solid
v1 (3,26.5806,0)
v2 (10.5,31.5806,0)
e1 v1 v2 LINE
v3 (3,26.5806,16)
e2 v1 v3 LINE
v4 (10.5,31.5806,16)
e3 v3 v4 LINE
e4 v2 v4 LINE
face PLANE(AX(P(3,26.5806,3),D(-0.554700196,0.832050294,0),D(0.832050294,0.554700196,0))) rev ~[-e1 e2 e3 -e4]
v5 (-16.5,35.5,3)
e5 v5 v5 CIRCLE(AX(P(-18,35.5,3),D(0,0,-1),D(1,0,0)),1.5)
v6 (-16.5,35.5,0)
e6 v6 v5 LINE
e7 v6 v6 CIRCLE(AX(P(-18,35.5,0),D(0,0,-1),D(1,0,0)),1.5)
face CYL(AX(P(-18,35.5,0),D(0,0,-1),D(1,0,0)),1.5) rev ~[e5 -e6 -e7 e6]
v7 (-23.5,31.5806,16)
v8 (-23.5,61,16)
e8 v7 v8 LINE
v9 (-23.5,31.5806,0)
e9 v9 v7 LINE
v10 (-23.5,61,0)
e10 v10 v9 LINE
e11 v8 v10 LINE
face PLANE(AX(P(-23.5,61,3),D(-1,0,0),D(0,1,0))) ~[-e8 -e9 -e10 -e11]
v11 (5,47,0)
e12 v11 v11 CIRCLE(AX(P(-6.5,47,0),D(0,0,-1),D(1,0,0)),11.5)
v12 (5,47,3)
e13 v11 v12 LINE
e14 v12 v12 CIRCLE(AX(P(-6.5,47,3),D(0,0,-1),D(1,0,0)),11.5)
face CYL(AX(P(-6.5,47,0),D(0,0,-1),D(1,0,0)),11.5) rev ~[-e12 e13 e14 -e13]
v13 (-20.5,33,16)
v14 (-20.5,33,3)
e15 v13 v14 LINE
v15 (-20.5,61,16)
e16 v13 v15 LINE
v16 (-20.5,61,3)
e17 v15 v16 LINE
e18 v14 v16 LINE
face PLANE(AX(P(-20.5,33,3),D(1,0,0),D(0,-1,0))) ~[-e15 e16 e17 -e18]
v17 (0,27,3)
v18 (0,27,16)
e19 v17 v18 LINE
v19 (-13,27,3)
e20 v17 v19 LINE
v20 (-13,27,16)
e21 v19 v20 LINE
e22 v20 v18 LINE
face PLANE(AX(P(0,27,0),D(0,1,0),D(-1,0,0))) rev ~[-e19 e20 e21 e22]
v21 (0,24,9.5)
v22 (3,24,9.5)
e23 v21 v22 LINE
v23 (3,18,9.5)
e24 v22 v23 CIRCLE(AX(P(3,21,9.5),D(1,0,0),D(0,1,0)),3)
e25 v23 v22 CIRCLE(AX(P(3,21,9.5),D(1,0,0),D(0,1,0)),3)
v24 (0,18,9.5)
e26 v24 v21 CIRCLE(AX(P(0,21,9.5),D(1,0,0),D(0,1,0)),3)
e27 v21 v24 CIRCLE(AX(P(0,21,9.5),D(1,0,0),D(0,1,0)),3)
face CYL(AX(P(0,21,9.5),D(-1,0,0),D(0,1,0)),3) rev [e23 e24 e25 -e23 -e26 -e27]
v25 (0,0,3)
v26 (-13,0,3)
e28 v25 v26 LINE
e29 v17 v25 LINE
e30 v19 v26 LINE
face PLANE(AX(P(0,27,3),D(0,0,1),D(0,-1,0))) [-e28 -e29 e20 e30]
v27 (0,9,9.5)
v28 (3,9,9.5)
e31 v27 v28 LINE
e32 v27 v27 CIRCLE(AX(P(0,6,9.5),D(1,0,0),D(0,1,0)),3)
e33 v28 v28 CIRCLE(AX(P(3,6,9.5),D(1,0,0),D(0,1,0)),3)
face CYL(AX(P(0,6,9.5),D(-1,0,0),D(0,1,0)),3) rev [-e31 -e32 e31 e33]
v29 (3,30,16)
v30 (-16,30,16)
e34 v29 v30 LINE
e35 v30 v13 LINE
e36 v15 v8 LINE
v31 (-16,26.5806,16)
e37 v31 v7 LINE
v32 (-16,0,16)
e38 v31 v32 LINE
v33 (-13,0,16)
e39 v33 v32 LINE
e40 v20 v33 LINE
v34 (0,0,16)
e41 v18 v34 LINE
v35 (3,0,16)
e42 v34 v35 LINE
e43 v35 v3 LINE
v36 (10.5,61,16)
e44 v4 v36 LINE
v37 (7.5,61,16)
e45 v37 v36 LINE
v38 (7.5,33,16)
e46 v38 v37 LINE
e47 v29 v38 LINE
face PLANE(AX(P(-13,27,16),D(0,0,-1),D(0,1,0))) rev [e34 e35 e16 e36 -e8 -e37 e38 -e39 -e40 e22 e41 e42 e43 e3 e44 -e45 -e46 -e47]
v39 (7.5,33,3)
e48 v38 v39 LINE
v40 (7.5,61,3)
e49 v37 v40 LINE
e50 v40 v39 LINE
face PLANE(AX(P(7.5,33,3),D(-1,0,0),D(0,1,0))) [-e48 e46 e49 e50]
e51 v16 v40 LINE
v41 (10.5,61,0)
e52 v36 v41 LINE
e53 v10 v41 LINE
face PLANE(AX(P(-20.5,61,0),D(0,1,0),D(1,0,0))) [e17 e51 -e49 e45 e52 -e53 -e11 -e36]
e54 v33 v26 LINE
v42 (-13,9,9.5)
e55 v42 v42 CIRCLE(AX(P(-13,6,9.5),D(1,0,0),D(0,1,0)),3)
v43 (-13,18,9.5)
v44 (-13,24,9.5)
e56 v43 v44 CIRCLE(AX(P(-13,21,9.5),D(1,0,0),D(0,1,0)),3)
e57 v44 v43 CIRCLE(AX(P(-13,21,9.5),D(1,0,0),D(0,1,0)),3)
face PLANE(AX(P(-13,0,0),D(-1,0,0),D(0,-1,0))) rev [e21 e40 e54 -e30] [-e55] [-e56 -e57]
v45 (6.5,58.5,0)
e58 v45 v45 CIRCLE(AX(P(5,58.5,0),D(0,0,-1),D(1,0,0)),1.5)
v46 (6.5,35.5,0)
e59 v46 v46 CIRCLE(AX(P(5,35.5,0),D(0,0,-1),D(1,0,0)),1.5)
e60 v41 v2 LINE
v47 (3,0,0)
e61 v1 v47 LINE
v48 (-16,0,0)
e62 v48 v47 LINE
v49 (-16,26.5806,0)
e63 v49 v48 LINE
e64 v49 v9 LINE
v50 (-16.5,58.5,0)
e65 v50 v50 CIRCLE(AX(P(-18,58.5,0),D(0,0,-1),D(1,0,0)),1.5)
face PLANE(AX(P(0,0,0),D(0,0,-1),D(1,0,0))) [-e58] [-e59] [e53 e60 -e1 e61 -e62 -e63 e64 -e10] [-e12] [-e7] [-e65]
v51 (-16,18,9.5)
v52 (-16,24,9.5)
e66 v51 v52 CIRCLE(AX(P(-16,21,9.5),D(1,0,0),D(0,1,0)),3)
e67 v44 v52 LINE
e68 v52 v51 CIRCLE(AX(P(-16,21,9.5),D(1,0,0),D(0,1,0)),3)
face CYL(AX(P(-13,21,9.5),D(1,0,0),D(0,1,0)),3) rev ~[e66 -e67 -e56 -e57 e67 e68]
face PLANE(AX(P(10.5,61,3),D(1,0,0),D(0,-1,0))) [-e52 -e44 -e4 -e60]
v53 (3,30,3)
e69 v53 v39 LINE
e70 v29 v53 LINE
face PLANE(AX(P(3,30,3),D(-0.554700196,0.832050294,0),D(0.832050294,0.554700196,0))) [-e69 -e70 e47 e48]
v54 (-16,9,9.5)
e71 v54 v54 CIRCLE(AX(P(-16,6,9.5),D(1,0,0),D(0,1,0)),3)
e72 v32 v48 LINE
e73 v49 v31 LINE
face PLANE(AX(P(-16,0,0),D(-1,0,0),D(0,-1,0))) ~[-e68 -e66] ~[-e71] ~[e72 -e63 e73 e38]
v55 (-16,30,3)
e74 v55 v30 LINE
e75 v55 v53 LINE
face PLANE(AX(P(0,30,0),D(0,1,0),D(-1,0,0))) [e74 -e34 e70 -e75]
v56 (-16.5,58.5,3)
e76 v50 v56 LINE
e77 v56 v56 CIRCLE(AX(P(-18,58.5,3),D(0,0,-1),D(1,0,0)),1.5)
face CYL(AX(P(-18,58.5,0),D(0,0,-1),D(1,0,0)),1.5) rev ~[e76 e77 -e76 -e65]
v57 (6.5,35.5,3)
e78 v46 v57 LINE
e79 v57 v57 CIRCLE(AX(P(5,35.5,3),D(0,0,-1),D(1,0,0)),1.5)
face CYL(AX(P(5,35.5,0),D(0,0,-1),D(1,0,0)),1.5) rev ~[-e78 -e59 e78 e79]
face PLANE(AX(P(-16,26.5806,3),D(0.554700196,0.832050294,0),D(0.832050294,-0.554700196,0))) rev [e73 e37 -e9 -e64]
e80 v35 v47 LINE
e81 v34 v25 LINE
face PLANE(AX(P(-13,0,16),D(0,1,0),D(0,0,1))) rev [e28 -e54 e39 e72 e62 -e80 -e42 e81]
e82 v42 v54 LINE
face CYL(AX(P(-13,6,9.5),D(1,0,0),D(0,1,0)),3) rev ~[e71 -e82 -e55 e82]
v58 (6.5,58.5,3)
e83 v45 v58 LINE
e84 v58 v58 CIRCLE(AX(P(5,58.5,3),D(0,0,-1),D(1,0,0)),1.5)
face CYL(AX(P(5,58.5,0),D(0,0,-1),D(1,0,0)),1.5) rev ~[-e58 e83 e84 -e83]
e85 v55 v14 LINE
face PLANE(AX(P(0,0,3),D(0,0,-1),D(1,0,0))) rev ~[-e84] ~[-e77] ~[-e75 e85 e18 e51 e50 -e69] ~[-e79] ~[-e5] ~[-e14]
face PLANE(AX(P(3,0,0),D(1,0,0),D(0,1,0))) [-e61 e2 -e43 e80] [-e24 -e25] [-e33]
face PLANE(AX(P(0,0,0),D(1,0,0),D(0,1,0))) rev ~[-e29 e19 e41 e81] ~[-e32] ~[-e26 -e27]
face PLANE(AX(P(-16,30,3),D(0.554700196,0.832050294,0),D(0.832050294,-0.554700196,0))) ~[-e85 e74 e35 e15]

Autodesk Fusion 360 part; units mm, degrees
sketch "Sketch1" plane through (0, 0, 0) normal (1, 0, 0) x (0, 1, 0)
  line L0 (0, 0) -> (27, 0)
  line L1 (27, 0) -> (27, 16)
  line L2 (27, 16) -> (0, 16)
  line L3 (0, 16) -> (0, 0)
  line L4 (0, 9.5) -> (6, 9.5) construction
  line L5 (6, 9.5) -> (6, 16) construction
  circle A0 centre (6, 9.5) radius 3
  line L6 (6, 9.5) -> (21, 9.5)
  circle A1 centre (21, 9.5) radius 3
  dimension "d1_4" = 16
  dimension "d2_4" = 27
  dimension "d3_4" = 6
  dimension "d4_4" = 6.5
  dimension "d5_2" = 6
  dimension "d6_1" = 15
  dimension "d7_2" = 6
extrude "Extrude1" add sketch "Sketch1" along normal blind 3 makes body 1
sketch "Sketch2" plane through (0, 0, 0) normal (-1, 0, 0) x (0, -1, 0)
  circle A0 centre (-21, 9.5) radius 3
  circle A1 centre (-6, 9.5) radius 3
  line L0 (0, 0) -> (0, 16)
  line L1 (0, 16) -> (-27, 16)
  line L2 (-27, 16) -> (-27, 0)
  line L3 (-27, 0) -> (0, 0)
  line L4 (0, 0) -> (-27, 0)
  line L5 (-27, 0) -> (-27, 3)
  line L6 (-27, 3) -> (0, 3)
  line L7 (0, 3) -> (0, 0)
  dimension "d10_1" = 3
extrude "Extrude2" add sketch "Sketch2" along normal blind 13 contours L0 L2 L3 L4 L5 L6 L7 bodies 1
ref_plane "WorkPlane1" through (-6.5, 13.5, 1.5) normal (-1, 0, 0) x (0, 0, 1)
mirror "Mirror1" about plane through (-6.5, 13.5, 1.5) normal (-1, 0, 0) of "Extrude1" makes body 2
combine "Combine1" operation add target body 1 tool bodies 2
sketch "Sketch3" plane through (0, 27, 0) normal (0, 1, 0) x (-1, 0, 0)
  line L0 (0, 3) -> (0, 16)
  line L1 (0, 16) -> (-3, 16)
  line L2 (-3, 16) -> (-3, 0)
  line L3 (-3, 0) -> (16, 0)
  line L4 (16, 0) -> (16, 16)
  line L5 (16, 16) -> (13, 16)
  line L6 (13, 16) -> (13, 3)
  line L7 (13, 3) -> (0, 3)
  line L8 (-3, 16) -> (16, 16)
  line L9 (16, 16) -> (16, 0)
  line L10 (16, 0) -> (-3, 0)
  line L11 (-3, 0) -> (-3, 16)
extrude "Extrude3" add sketch "Sketch3" along normal blind 3 bodies 1
sketch "Sketch4" plane through (0, 0, 0) normal (0, 0, -1) x (1, 0, 0)
  line L0 (3, -30) -> (3, 0)
  line L1 (3, 0) -> (-16, 0)
  line L2 (-16, 0) -> (-16, -30)
  line L3 (-16, -30) -> (3, -30)
  line L4 (-6.5, -30) -> (-6.5, -33) construction
  line L5 (7.5, -33) -> (-20.5, -33) construction
  line L6 (-20.5, -33) -> (-20.5, -61)
  line L7 (-20.5, -61) -> (7.5, -61)
  line L8 (7.5, -61) -> (7.5, -33)
  line L9 (-16, -30) -> (-20.5, -33)
  line L10 (3, -30) -> (7.5, -33)
  circle A0 centre (-6.5, -47) radius 11.5
  line L11 (7.5, -33) -> (-20.5, -61) construction
  line L12 (7.5, -61) -> (-20.5, -33) construction
  dimension "d23" = 28
  dimension "d24" = 28
  dimension "d25" = 3
  dimension "d28" = 23
extrude "Extrude4" add sketch "Sketch4" against normal blind 3 contours L3 L6 L7 L8 L9 L10 bodies 1
sketch "Sketch5" plane through (0, 0, 0) normal (0, 0, -1) x (1, 0, 0)
  circle A0 centre (-6.5, -47) radius 11.5
  line L0 (3, -30) -> (3, 0)
  line L1 (3, 0) -> (-16, 0)
  line L2 (-16, 0) -> (-16, -30)
  line L3 (-16, -30) -> (-20.5, -33)
  line L4 (-20.5, -33) -> (-20.5, -61)
  line L5 (-20.5, -61) -> (7.5, -61)
  line L6 (7.5, -61) -> (7.5, -33)
  line L7 (7.5, -33) -> (3, -30)
  line L8 (7.5, -61) -> (-20.5, -61)
  line L9 (-20.5, -61) -> (-20.5, -33)
  line L10 (-20.5, -33) -> (7.5, -33)
  line L11 (7.5, -33) -> (7.5, -61)
  line L12 (5, -58.5) -> (-18, -58.5) construction
  line L13 (-18, -58.5) -> (-18, -35.5) construction
  line L14 (-18, -35.5) -> (5, -35.5) construction
  line L15 (5, -35.5) -> (5, -58.5) construction
  circle A1 centre (5, -58.5) radius 1.5
  circle A2 centre (-18, -58.5) radius 1.5
  circle A3 centre (5, -35.5) radius 1.5
  circle A4 centre (-18, -35.5) radius 1.5
  dimension "d29" = 23
  dimension "d30" = 23
  dimension "d31" = 2.5
  dimension "d32" = 2.5
  dimension "d33" = 2.5
  dimension "d34" = 2.5
  dimension "d35" = 3
  dimension "d36" = 3
  dimension "d37" = 3
  dimension "d38" = 3
extrude "Extrude5" cut sketch "Sketch5" against normal up to surface (3 mm away) contours A1 | A2 | A3 | A4 bodies 1
sketch "Sketch10" plane through (0, 0, 3) normal (0, 0, 1) x (-1, 0, 0)
  circle A0 centre (-5, -35.5) radius 1.5
  circle A1 centre (18, -35.5) radius 1.5
  circle A2 centre (-5, -58.5) radius 1.5
  circle A3 centre (18, -58.5) radius 1.5
  circle A4 centre (6.5, -47) radius 11.5
  line L0 (20.5, -33) -> (16, -30)
  line L1 (16, -30) -> (-3, -30)
  line L2 (-3, -30) -> (-7.5, -33)
  line L3 (-7.5, -33) -> (-7.5, -61)
  line L4 (-7.5, -61) -> (20.5, -61)
  line L5 (20.5, -61) -> (20.5, -33)
  line L6 (-7.5, -61) -> (-10.5, -61)
  line L7 (-10.5, -61) -> (-10.5, -33)
  line L8 (-3, -26.5806) -> (-10.5, -31.5806)
  line L9 (-10.5, -31.5806) -> (-10.5, -61)
  line L10 (-3, 0) -> (-3, -30)
  line L11 (-7.5, -61) -> (-7.5, -61)
  dimension "d91" = 3
extrude "Extrude8" add sketch "Sketch10" along normal up to surface (13 mm away) and the other way up to surface (3 mm away) contours L2 L3 L6 L7 L8 L9 L10 bodies 1
mirror "Mirror3" about plane through (-6.5, 13.5, 1.5) normal (-1, 0, 0) of "Extrude8"
